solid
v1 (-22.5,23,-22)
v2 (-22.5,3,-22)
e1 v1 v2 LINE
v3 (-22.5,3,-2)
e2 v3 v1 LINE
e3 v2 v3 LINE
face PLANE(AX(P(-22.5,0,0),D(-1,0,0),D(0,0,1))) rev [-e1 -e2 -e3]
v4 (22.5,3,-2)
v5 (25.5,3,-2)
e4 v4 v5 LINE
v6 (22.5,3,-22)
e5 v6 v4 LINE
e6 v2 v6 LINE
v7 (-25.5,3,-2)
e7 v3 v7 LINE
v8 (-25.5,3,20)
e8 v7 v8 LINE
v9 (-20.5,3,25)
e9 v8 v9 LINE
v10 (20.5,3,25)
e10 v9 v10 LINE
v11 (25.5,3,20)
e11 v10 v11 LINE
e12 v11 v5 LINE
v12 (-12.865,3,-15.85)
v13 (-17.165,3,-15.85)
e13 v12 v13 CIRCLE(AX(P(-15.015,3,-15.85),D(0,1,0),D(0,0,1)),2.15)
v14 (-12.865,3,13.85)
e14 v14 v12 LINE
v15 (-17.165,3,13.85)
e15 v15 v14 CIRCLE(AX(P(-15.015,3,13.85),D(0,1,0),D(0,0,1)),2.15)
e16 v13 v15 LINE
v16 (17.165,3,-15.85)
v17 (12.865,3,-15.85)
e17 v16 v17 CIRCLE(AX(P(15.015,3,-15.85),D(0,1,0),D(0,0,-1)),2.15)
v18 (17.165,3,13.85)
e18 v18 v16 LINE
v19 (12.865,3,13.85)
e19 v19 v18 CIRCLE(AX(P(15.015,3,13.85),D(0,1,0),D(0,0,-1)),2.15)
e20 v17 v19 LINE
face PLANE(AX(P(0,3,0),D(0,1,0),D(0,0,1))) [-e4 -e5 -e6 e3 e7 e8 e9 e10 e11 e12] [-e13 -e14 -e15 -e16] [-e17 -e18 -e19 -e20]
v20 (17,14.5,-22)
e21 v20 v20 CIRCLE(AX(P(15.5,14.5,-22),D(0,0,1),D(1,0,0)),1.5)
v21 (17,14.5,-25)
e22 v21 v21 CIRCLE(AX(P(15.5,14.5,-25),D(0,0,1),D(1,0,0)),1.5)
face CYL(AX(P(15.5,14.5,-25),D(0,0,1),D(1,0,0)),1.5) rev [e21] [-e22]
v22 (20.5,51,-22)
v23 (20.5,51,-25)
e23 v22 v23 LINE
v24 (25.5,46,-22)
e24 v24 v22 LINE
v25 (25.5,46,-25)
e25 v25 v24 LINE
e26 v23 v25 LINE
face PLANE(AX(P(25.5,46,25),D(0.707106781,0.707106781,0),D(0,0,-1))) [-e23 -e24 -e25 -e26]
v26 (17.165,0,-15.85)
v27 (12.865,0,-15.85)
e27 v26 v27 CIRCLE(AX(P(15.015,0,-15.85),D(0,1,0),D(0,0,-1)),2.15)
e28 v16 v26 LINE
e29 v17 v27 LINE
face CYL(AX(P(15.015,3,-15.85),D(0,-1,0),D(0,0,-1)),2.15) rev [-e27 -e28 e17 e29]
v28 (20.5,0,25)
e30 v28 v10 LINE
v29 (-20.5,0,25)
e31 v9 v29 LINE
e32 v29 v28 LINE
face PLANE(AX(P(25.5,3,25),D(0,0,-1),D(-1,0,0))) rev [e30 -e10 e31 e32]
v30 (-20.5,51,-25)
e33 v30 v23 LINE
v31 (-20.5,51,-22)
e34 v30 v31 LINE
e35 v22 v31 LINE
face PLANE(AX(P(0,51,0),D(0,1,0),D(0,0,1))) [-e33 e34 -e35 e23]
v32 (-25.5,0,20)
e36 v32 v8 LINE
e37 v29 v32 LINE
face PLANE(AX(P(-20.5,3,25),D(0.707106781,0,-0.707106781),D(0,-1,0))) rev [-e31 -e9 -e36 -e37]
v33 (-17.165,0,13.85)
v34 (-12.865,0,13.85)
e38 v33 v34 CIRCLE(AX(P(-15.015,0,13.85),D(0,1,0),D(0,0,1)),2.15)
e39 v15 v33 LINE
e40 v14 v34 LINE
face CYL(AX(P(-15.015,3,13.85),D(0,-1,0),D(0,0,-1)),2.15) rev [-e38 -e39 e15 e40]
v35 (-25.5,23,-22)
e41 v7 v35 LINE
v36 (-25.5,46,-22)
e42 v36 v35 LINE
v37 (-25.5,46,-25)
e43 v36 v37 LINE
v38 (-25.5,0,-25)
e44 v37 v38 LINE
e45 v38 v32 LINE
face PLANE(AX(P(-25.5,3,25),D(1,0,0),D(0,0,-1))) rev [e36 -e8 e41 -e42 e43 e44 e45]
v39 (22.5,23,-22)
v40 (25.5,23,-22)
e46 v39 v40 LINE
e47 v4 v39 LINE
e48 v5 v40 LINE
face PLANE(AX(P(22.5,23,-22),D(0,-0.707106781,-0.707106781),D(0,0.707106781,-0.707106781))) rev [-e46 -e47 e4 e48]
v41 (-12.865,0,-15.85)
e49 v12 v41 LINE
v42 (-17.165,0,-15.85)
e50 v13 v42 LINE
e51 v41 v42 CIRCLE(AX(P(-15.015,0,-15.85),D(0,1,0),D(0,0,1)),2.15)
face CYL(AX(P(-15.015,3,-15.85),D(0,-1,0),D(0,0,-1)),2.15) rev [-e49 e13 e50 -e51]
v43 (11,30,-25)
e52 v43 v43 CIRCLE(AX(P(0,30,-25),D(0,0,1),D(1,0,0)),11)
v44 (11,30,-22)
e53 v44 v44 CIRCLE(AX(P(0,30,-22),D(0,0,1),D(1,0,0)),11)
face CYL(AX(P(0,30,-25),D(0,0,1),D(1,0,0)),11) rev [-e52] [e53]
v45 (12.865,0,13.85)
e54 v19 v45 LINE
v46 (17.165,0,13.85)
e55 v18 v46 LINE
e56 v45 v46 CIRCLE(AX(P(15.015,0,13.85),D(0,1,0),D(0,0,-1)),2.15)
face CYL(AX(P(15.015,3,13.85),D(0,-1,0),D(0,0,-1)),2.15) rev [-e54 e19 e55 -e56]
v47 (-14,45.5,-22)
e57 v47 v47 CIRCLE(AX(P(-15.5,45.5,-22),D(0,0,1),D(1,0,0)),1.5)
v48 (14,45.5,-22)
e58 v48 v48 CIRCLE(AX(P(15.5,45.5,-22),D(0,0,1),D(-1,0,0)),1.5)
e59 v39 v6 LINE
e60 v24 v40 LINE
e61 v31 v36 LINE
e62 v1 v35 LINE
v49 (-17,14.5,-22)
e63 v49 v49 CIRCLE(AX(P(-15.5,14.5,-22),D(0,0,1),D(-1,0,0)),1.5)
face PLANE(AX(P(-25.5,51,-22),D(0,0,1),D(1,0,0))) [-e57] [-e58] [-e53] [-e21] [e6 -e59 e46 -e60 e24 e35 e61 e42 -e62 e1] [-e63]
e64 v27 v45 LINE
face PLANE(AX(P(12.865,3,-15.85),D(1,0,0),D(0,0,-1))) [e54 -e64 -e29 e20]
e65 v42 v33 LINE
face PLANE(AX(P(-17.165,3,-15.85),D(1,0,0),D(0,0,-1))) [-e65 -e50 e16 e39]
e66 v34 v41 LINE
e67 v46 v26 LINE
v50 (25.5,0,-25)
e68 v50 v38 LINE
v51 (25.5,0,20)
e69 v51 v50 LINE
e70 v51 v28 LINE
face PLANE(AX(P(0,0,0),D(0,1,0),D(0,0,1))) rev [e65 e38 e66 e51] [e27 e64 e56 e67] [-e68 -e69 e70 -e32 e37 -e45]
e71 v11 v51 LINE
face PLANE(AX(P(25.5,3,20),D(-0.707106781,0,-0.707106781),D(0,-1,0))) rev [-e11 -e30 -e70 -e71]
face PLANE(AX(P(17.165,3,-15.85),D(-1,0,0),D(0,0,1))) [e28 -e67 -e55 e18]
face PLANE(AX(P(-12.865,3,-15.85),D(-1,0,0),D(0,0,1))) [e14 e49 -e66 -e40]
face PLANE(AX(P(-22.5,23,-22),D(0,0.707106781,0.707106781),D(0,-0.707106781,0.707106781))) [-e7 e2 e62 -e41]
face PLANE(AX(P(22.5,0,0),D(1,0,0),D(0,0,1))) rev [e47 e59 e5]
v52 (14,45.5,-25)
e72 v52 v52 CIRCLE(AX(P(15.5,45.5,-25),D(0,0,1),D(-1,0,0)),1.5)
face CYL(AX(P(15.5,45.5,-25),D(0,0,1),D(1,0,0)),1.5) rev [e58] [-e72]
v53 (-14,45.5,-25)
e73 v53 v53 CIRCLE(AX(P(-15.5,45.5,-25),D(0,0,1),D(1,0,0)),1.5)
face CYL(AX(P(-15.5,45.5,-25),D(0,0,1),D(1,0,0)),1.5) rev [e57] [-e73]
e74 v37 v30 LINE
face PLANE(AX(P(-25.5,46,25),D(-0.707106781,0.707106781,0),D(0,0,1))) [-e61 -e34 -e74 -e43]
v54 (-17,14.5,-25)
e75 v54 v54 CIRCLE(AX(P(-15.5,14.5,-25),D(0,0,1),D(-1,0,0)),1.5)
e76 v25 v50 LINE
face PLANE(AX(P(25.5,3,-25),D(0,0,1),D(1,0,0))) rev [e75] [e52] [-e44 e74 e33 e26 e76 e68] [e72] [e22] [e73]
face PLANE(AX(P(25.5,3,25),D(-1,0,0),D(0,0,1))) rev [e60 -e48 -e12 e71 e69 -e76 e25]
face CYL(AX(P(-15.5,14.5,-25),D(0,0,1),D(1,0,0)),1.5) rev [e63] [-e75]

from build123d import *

# Parameters (mm, degrees)
SKETCH1_W           = 51
SKETCH1_H           = 50
BOSS_EXTRUDE1_DEPTH = 3
SKETCH2_W           = 51
SKETCH2_H           = 3
BOSS_EXTRUDE2_DEPTH = 51
SKETCH3_R           = 11
SKETCH3_R_2         = 1.5
CUT_EXTRUDE1_DEPTH  = 4
BOSS_EXTRUDE3_DEPTH = 3
CHAMFER1_SIZE       = 5


with BuildPart() as part:
    # Sketch1 → Boss-Extrude1 (new body)
    with BuildSketch(Plane(origin=(0, 0, 0), x_dir=(1, 0, 0), z_dir=(0, 1, 0))):
        Rectangle(SKETCH1_W, SKETCH1_H)
        with BuildLine():
            Line((-12.865, 15.85), (-12.865, -13.85))
            ThreePointArc((-12.865, -13.85), (-15.015, -16), (-17.165, -13.85))
            Line((-17.165, -13.85), (-17.165, 15.85))
            ThreePointArc((-17.165, 15.85), (-15.015, 18), (-12.865, 15.85))
        make_face(mode=Mode.SUBTRACT)
        with BuildLine():
            Line((12.865, 15.85), (12.865, -13.85))
            ThreePointArc((12.865, -13.85), (15.015, -16), (17.165, -13.85))
            Line((17.165, -13.85), (17.165, 15.85))
            ThreePointArc((17.165, 15.85), (15.015, 18), (12.865, 15.85))
        make_face(mode=Mode.SUBTRACT)
    extrude(amount=BOSS_EXTRUDE1_DEPTH)

    # Sketch2 → Boss-Extrude2 (add)
    with BuildSketch(Plane.XZ):
        with Locations((0, -23.5)):
            Rectangle(SKETCH2_W, SKETCH2_H)
    extrude(amount=-BOSS_EXTRUDE2_DEPTH)

    # Sketch3 → Cut-Extrude1 (cut, through all)
    with BuildSketch(Plane.XY.offset(-22)):
        with Locations((0, 30)):
            Circle(SKETCH3_R)
        with Locations((-15.5, 45.5)):
            Circle(SKETCH3_R_2)
        with Locations((15.5, 45.5)):
            Circle(SKETCH3_R_2)
        with Locations((-15.5, 14.5)):
            Circle(SKETCH3_R_2)
        with Locations((15.5, 14.5)):
            Circle(SKETCH3_R_2)
    extrude(amount=-CUT_EXTRUDE1_DEPTH, mode=Mode.SUBTRACT)

    # Sketch5 → Boss-Extrude3 (add)
    with BuildSketch(Plane.ZY.offset(25.5)):
        Polygon((-22, 23), (-2, 3), (-22, 3), align=None)
    boss_extrude3 = extrude(amount=-BOSS_EXTRUDE3_DEPTH)

    # Mirror1: Boss-Extrude3 across plane
    add(boss_extrude3.mirror(Plane(origin=(0, 0, 0), x_dir=(0, 0, 1), z_dir=(1, 0, 0))))

    # Chamfer1
    chamfer1_edges = [part.edges().sort_by_distance(p)[0] for p in [
        (-25.5, 51, -23.5),
        (25.5, 51, -23.5),
        (25.5, 1.5, 25),
        (-25.5, 1.5, 25),
    ]]
    chamfer(chamfer1_edges, length=CHAMFER1_SIZE)


solid = part.part
